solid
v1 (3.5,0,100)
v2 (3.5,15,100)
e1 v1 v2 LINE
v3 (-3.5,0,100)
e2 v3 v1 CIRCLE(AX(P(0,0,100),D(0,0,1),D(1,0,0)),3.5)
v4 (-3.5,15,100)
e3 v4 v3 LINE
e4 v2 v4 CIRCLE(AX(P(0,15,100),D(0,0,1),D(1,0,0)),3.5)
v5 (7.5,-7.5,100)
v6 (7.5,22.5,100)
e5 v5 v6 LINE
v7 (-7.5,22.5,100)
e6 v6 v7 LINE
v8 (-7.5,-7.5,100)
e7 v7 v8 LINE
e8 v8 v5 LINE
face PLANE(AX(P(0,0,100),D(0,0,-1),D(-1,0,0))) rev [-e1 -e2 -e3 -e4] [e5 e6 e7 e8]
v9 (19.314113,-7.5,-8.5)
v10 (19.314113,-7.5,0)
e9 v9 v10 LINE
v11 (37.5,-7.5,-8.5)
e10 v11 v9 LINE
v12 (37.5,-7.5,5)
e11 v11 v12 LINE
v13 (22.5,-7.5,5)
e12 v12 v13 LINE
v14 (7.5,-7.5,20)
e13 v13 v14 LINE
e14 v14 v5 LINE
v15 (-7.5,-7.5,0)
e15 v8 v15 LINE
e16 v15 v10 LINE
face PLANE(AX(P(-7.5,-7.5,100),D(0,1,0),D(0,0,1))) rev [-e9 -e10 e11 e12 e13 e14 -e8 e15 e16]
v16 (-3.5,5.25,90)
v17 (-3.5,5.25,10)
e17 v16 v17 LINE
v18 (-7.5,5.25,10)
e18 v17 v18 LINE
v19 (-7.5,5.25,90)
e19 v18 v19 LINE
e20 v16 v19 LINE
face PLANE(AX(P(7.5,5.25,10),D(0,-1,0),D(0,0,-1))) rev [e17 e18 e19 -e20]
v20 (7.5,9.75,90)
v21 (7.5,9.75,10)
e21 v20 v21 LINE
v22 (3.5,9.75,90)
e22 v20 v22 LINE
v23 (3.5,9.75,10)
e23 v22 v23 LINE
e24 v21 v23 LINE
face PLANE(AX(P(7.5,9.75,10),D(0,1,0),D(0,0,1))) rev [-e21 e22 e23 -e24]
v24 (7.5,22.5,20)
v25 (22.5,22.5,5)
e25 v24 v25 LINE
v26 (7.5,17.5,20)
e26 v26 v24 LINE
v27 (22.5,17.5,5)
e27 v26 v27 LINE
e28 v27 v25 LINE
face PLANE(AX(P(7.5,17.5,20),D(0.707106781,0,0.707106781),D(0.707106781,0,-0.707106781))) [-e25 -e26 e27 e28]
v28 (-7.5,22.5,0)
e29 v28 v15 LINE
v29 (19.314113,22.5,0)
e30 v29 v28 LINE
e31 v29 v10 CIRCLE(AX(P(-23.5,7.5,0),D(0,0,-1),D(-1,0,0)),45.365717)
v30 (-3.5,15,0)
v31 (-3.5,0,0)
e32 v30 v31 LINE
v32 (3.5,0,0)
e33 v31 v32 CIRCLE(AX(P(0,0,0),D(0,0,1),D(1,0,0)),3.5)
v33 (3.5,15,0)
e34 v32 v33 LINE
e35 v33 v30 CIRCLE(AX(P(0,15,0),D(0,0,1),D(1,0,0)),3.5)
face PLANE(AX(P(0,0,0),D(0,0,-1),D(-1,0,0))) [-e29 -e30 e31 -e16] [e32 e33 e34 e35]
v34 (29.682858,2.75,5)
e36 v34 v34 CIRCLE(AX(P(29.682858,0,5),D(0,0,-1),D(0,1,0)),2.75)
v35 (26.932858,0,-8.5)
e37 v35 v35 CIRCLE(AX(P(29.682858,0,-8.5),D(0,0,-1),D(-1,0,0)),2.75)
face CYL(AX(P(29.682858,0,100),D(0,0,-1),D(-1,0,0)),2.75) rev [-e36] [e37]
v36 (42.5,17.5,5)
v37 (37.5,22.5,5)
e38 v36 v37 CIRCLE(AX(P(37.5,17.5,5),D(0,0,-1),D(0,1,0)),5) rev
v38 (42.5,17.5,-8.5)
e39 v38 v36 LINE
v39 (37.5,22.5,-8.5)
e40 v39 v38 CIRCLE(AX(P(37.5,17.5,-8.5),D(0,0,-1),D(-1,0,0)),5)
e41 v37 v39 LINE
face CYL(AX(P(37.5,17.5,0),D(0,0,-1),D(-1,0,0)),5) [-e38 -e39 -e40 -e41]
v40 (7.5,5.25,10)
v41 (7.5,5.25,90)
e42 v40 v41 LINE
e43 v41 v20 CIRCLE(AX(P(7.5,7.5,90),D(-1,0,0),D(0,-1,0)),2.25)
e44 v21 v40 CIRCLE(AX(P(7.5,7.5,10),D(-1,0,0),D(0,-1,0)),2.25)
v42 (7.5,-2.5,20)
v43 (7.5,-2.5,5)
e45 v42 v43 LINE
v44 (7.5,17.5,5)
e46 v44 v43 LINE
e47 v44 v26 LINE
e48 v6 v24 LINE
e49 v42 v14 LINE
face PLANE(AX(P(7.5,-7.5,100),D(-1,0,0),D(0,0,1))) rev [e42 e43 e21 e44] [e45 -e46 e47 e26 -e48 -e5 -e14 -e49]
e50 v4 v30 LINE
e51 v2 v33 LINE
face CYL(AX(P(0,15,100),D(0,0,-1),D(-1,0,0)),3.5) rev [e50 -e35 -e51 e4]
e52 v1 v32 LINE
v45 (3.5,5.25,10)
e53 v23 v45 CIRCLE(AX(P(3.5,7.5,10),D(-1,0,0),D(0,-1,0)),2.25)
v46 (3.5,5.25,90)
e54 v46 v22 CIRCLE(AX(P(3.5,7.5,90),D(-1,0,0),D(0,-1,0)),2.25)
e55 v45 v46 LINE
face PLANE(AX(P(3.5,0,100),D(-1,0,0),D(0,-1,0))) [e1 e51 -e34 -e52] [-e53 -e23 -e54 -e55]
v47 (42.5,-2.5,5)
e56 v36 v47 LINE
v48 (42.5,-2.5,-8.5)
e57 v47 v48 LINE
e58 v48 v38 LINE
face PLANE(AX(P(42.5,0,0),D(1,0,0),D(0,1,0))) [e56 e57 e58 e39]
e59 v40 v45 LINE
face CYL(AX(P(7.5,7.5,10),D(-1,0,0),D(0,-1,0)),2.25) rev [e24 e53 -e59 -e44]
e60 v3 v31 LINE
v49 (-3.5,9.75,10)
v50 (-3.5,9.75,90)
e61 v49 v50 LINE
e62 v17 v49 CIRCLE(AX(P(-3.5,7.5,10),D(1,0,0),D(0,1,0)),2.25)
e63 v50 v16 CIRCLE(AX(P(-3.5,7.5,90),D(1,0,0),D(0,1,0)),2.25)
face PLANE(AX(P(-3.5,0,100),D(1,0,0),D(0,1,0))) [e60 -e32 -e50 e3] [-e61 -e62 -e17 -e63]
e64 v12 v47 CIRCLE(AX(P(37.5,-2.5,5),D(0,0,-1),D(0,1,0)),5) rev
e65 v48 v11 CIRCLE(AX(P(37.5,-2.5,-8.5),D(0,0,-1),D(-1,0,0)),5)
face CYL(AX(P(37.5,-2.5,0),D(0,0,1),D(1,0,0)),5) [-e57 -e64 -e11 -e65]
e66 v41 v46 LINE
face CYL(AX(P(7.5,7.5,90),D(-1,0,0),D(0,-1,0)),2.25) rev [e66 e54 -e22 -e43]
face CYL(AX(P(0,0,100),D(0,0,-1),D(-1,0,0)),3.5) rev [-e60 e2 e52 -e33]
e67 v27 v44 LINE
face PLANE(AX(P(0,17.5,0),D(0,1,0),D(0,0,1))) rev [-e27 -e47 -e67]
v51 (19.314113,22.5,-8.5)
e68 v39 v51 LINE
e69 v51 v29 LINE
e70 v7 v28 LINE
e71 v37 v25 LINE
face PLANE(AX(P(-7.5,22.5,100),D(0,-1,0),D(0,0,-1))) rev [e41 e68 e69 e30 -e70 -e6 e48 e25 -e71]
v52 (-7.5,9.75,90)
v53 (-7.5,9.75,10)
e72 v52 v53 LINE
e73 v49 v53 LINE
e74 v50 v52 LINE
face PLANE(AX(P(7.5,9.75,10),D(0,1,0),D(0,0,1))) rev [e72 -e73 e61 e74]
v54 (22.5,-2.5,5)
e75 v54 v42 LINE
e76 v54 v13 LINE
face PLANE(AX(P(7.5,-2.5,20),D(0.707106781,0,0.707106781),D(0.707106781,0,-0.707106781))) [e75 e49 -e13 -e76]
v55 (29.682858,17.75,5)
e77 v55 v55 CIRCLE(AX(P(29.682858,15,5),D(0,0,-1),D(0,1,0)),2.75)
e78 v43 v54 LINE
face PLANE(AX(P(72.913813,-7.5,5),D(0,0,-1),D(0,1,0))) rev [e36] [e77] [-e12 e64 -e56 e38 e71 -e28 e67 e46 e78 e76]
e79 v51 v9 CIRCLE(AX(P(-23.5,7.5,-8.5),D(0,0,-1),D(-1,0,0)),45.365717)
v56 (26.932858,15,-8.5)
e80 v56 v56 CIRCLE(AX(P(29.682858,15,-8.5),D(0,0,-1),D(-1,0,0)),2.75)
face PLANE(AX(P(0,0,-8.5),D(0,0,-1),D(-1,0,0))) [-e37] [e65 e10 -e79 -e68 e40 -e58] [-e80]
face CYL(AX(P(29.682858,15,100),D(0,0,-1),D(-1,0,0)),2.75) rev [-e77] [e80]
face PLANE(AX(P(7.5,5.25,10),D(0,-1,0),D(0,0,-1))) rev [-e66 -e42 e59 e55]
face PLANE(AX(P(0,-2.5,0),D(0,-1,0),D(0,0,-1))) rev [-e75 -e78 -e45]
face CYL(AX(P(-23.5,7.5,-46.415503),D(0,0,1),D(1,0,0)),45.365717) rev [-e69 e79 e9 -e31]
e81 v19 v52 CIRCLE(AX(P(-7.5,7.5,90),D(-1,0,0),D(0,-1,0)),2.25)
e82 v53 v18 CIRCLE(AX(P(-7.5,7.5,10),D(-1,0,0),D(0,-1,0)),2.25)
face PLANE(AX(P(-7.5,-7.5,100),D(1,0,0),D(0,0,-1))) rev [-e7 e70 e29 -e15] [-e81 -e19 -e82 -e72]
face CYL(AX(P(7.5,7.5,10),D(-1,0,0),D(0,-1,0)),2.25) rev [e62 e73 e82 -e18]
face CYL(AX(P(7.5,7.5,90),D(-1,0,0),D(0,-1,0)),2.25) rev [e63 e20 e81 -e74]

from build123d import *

# Parameters (mm, degrees)
SKETCH3_W           = 15
SKETCH3_H           = 30
BOSS_EXTRUDE2_DEPTH = 100
CUT_EXTRUDE1_DEPTH  = 104.591746776
BOSS_EXTRUDE3_DEPTH = 5
BOSS_EXTRUDE4_START = 8.5
BOSS_EXTRUDE4_DEPTH = 8.5
FILLET1_R           = 5
SKETCH8_W           = 20
SKETCH8_H           = 13.5
CUT_EXTRUDE3_DEPTH  = 113.722003176
SKETCH10_W          = 5
SKETCH10_H          = 30
BOSS_EXTRUDE5_DEPTH = 35
BOSS_EXTRUDE6_DEPTH = 8.5
SKETCH12_R          = 2.75
CUT_EXTRUDE4_DEPTH  = 119.679189414
FILLET2_R           = 5
BOSS_EXTRUDE7_DEPTH = 5
BOSS_EXTRUDE8_DEPTH = 5


with BuildPart() as part:
    # Sketch3 → Boss-Extrude2 (new body)
    with BuildSketch(Plane.XY):
        with Locations((0, 7.5)):
            Rectangle(SKETCH3_W, SKETCH3_H)
        with BuildLine():
            Line((-3.5, 0), (-3.5, 15))
            ThreePointArc((-3.5, 15), (0, 18.5), (3.5, 15))
            Line((3.5, 15), (3.5, 0))
            ThreePointArc((3.5, 0), (0, -3.5), (-3.5, 0))
        make_face(mode=Mode.SUBTRACT)
    extrude(amount=BOSS_EXTRUDE2_DEPTH)

    # Sketch4 → Cut-Extrude1 (cut, through all)
    with BuildSketch(Plane.ZY.offset(7.5)):
        with BuildLine():
            Line((10, 9.75), (90, 9.75))
            ThreePointArc((90, 9.75), (92.25, 7.5), (90, 5.25))
            Line((90, 5.25), (10, 5.25))
            ThreePointArc((10, 5.25), (7.75, 7.5), (10, 9.75))
        make_face()
    extrude(amount=-CUT_EXTRUDE1_DEPTH, mode=Mode.SUBTRACT)

    # Sketch5 → Boss-Extrude3 (add)
    with BuildSketch(Plane(origin=(0, 0, 0), x_dir=(-1, 0, 0), z_dir=(0, 0, -1))):
        with BuildLine():
            Line((-7.5, -7.5), (-7.5, 7.5))
            Line((-7.5, 7.5), (-7.5, 22.5))
            Line((-7.5, 22.5), (-14, 22.5))
            Line((-14, 22.5), (-37.5, 22.5))
            ThreePointArc((-37.5, 22.5), (-41.035533906, 21.035533906), (-42.5, 17.5))
            Line((-42.5, 17.5), (-42.5, -2.5))
            ThreePointArc((-42.5, -2.5), (-41.035533906, -6.035533906), (-37.5, -7.5))
            Line((-37.5, -7.5), (-14, -7.5))
            Line((-14, -7.5), (-7.5, -7.5))
        make_face()
    extrude(amount=-BOSS_EXTRUDE3_DEPTH)

    # Sketch6 → Boss-Extrude4 (add)
    with BuildSketch(Plane(origin=(0, 0, 0), x_dir=(-1, 0, 0), z_dir=(0, 0, -1)).offset(BOSS_EXTRUDE4_START)):
        with BuildLine():
            Line((-8.122776602, 22.5), (-37.5, 22.5))
            ThreePointArc((-37.5, 22.5), (-41.035533906, 21.035533906), (-42.5, 17.5))
            Line((-42.5, 17.5), (-42.5, -2.5))
            ThreePointArc((-42.5, -2.5), (-41.035533906, -6.035533906), (-37.5, -7.5))
            Line((-37.5, -7.5), (-8.122776602, -7.5))
            ThreePointArc((-8.122776602, -7.5), (-11.5, 7.5), (-8.122776602, 22.5))
        make_face()
    extrude(amount=-BOSS_EXTRUDE4_DEPTH)

    # Fillet1
    fillet1_edges = [part.edges().sort_by_distance(p)[0] for p in [
        (8.122776602, -7.5, -4.25),
        (8.122776602, 22.5, -4.25),
    ]]
    fillet(fillet1_edges, radius=FILLET1_R)

    # Sketch8 → Cut-Extrude3 (cut, through all)
    with BuildSketch(Plane(origin=(0, 22.5, 0), x_dir=(1, 0, 0), z_dir=(0, 1, 0))):
        with Locations((17.5, 1.75)):
            Rectangle(SKETCH8_W, SKETCH8_H)
    extrude(amount=-CUT_EXTRUDE3_DEPTH, mode=Mode.SUBTRACT)


with BuildPart() as cut_extrude3_piece_1:
    # of the separate pieces the step leaves, piece 1, a body of its own (cut_extrude3_pieces)
    add(part.part.solids().sort_by_distance((-7.5, -7.5, 100))[0])

    # Sketch10 → Boss-Extrude5 (add)
    with BuildSketch(Plane(origin=(7.5, 0, 0), x_dir=(0, 0, -1), z_dir=(1, 0, 0))):
        with Locations((-2.5, 7.5)):
            Rectangle(SKETCH10_W, SKETCH10_H)
    extrude(amount=BOSS_EXTRUDE5_DEPTH)

    # Sketch11 → Boss-Extrude6 (add)
    with BuildSketch(Plane(origin=(0, 0, 0), x_dir=(-1, 0, 0), z_dir=(0, 0, -1))):
        with BuildLine():
            Line((-42.5, -7.5), (-22.5, -7.5))
            Line((-22.5, -7.5), (-19.314112746, -7.5))
            ThreePointArc((-19.314112746, -7.5), (-21.865716684, 7.5), (-19.314112746, 22.5))
            Line((-19.314112746, 22.5), (-22.5, 22.5))
            Line((-22.5, 22.5), (-42.5, 22.5))
            Line((-42.5, 22.5), (-42.5, -7.5))
        make_face()
    extrude(amount=BOSS_EXTRUDE6_DEPTH)

    # Sketch12 → Cut-Extrude4 (cut, through all)
    with BuildSketch(Plane(origin=(0, 0, -8.5), x_dir=(-1, 0, 0), z_dir=(0, 0, -1))):
        with Locations((-29.682858342, 0)):
            Circle(SKETCH12_R)
        with Locations((-29.682858342, 15)):
            Circle(SKETCH12_R)
    extrude(amount=-CUT_EXTRUDE4_DEPTH, mode=Mode.SUBTRACT)

    # Fillet2
    fillet2_edges = [cut_extrude3_piece_1.edges().sort_by_distance(p)[0] for p in [
        (42.5, -7.5, -1.75),
        (42.5, 22.5, -1.75),
    ]]
    fillet(fillet2_edges, radius=FILLET2_R)

    # Sketch13 → Boss-Extrude7 (add)
    with BuildSketch(Plane.XZ.offset(7.5)):
        Polygon((7.5, 5), (7.5, 20), (22.5, 5), align=None)
    extrude(amount=-BOSS_EXTRUDE7_DEPTH)

    # Sketch14 → Boss-Extrude8 (add)
    with BuildSketch(Plane(origin=(0, 22.5, 0), x_dir=(1, 0, 0), z_dir=(0, 1, 0))):
        Polygon((22.5, -5), (7.5, -5), (7.5, -20), align=None)
    extrude(amount=-BOSS_EXTRUDE8_DEPTH)


with BuildPart() as cut_extrude3_piece_2:
    # of the separate pieces the step leaves, piece 2, a body of its own (cut_extrude3_pieces)
    add(part.part.solids().sort_by_distance((37.5, -7.5, -8.5))[0])


solid = cut_extrude3_piece_1.part
